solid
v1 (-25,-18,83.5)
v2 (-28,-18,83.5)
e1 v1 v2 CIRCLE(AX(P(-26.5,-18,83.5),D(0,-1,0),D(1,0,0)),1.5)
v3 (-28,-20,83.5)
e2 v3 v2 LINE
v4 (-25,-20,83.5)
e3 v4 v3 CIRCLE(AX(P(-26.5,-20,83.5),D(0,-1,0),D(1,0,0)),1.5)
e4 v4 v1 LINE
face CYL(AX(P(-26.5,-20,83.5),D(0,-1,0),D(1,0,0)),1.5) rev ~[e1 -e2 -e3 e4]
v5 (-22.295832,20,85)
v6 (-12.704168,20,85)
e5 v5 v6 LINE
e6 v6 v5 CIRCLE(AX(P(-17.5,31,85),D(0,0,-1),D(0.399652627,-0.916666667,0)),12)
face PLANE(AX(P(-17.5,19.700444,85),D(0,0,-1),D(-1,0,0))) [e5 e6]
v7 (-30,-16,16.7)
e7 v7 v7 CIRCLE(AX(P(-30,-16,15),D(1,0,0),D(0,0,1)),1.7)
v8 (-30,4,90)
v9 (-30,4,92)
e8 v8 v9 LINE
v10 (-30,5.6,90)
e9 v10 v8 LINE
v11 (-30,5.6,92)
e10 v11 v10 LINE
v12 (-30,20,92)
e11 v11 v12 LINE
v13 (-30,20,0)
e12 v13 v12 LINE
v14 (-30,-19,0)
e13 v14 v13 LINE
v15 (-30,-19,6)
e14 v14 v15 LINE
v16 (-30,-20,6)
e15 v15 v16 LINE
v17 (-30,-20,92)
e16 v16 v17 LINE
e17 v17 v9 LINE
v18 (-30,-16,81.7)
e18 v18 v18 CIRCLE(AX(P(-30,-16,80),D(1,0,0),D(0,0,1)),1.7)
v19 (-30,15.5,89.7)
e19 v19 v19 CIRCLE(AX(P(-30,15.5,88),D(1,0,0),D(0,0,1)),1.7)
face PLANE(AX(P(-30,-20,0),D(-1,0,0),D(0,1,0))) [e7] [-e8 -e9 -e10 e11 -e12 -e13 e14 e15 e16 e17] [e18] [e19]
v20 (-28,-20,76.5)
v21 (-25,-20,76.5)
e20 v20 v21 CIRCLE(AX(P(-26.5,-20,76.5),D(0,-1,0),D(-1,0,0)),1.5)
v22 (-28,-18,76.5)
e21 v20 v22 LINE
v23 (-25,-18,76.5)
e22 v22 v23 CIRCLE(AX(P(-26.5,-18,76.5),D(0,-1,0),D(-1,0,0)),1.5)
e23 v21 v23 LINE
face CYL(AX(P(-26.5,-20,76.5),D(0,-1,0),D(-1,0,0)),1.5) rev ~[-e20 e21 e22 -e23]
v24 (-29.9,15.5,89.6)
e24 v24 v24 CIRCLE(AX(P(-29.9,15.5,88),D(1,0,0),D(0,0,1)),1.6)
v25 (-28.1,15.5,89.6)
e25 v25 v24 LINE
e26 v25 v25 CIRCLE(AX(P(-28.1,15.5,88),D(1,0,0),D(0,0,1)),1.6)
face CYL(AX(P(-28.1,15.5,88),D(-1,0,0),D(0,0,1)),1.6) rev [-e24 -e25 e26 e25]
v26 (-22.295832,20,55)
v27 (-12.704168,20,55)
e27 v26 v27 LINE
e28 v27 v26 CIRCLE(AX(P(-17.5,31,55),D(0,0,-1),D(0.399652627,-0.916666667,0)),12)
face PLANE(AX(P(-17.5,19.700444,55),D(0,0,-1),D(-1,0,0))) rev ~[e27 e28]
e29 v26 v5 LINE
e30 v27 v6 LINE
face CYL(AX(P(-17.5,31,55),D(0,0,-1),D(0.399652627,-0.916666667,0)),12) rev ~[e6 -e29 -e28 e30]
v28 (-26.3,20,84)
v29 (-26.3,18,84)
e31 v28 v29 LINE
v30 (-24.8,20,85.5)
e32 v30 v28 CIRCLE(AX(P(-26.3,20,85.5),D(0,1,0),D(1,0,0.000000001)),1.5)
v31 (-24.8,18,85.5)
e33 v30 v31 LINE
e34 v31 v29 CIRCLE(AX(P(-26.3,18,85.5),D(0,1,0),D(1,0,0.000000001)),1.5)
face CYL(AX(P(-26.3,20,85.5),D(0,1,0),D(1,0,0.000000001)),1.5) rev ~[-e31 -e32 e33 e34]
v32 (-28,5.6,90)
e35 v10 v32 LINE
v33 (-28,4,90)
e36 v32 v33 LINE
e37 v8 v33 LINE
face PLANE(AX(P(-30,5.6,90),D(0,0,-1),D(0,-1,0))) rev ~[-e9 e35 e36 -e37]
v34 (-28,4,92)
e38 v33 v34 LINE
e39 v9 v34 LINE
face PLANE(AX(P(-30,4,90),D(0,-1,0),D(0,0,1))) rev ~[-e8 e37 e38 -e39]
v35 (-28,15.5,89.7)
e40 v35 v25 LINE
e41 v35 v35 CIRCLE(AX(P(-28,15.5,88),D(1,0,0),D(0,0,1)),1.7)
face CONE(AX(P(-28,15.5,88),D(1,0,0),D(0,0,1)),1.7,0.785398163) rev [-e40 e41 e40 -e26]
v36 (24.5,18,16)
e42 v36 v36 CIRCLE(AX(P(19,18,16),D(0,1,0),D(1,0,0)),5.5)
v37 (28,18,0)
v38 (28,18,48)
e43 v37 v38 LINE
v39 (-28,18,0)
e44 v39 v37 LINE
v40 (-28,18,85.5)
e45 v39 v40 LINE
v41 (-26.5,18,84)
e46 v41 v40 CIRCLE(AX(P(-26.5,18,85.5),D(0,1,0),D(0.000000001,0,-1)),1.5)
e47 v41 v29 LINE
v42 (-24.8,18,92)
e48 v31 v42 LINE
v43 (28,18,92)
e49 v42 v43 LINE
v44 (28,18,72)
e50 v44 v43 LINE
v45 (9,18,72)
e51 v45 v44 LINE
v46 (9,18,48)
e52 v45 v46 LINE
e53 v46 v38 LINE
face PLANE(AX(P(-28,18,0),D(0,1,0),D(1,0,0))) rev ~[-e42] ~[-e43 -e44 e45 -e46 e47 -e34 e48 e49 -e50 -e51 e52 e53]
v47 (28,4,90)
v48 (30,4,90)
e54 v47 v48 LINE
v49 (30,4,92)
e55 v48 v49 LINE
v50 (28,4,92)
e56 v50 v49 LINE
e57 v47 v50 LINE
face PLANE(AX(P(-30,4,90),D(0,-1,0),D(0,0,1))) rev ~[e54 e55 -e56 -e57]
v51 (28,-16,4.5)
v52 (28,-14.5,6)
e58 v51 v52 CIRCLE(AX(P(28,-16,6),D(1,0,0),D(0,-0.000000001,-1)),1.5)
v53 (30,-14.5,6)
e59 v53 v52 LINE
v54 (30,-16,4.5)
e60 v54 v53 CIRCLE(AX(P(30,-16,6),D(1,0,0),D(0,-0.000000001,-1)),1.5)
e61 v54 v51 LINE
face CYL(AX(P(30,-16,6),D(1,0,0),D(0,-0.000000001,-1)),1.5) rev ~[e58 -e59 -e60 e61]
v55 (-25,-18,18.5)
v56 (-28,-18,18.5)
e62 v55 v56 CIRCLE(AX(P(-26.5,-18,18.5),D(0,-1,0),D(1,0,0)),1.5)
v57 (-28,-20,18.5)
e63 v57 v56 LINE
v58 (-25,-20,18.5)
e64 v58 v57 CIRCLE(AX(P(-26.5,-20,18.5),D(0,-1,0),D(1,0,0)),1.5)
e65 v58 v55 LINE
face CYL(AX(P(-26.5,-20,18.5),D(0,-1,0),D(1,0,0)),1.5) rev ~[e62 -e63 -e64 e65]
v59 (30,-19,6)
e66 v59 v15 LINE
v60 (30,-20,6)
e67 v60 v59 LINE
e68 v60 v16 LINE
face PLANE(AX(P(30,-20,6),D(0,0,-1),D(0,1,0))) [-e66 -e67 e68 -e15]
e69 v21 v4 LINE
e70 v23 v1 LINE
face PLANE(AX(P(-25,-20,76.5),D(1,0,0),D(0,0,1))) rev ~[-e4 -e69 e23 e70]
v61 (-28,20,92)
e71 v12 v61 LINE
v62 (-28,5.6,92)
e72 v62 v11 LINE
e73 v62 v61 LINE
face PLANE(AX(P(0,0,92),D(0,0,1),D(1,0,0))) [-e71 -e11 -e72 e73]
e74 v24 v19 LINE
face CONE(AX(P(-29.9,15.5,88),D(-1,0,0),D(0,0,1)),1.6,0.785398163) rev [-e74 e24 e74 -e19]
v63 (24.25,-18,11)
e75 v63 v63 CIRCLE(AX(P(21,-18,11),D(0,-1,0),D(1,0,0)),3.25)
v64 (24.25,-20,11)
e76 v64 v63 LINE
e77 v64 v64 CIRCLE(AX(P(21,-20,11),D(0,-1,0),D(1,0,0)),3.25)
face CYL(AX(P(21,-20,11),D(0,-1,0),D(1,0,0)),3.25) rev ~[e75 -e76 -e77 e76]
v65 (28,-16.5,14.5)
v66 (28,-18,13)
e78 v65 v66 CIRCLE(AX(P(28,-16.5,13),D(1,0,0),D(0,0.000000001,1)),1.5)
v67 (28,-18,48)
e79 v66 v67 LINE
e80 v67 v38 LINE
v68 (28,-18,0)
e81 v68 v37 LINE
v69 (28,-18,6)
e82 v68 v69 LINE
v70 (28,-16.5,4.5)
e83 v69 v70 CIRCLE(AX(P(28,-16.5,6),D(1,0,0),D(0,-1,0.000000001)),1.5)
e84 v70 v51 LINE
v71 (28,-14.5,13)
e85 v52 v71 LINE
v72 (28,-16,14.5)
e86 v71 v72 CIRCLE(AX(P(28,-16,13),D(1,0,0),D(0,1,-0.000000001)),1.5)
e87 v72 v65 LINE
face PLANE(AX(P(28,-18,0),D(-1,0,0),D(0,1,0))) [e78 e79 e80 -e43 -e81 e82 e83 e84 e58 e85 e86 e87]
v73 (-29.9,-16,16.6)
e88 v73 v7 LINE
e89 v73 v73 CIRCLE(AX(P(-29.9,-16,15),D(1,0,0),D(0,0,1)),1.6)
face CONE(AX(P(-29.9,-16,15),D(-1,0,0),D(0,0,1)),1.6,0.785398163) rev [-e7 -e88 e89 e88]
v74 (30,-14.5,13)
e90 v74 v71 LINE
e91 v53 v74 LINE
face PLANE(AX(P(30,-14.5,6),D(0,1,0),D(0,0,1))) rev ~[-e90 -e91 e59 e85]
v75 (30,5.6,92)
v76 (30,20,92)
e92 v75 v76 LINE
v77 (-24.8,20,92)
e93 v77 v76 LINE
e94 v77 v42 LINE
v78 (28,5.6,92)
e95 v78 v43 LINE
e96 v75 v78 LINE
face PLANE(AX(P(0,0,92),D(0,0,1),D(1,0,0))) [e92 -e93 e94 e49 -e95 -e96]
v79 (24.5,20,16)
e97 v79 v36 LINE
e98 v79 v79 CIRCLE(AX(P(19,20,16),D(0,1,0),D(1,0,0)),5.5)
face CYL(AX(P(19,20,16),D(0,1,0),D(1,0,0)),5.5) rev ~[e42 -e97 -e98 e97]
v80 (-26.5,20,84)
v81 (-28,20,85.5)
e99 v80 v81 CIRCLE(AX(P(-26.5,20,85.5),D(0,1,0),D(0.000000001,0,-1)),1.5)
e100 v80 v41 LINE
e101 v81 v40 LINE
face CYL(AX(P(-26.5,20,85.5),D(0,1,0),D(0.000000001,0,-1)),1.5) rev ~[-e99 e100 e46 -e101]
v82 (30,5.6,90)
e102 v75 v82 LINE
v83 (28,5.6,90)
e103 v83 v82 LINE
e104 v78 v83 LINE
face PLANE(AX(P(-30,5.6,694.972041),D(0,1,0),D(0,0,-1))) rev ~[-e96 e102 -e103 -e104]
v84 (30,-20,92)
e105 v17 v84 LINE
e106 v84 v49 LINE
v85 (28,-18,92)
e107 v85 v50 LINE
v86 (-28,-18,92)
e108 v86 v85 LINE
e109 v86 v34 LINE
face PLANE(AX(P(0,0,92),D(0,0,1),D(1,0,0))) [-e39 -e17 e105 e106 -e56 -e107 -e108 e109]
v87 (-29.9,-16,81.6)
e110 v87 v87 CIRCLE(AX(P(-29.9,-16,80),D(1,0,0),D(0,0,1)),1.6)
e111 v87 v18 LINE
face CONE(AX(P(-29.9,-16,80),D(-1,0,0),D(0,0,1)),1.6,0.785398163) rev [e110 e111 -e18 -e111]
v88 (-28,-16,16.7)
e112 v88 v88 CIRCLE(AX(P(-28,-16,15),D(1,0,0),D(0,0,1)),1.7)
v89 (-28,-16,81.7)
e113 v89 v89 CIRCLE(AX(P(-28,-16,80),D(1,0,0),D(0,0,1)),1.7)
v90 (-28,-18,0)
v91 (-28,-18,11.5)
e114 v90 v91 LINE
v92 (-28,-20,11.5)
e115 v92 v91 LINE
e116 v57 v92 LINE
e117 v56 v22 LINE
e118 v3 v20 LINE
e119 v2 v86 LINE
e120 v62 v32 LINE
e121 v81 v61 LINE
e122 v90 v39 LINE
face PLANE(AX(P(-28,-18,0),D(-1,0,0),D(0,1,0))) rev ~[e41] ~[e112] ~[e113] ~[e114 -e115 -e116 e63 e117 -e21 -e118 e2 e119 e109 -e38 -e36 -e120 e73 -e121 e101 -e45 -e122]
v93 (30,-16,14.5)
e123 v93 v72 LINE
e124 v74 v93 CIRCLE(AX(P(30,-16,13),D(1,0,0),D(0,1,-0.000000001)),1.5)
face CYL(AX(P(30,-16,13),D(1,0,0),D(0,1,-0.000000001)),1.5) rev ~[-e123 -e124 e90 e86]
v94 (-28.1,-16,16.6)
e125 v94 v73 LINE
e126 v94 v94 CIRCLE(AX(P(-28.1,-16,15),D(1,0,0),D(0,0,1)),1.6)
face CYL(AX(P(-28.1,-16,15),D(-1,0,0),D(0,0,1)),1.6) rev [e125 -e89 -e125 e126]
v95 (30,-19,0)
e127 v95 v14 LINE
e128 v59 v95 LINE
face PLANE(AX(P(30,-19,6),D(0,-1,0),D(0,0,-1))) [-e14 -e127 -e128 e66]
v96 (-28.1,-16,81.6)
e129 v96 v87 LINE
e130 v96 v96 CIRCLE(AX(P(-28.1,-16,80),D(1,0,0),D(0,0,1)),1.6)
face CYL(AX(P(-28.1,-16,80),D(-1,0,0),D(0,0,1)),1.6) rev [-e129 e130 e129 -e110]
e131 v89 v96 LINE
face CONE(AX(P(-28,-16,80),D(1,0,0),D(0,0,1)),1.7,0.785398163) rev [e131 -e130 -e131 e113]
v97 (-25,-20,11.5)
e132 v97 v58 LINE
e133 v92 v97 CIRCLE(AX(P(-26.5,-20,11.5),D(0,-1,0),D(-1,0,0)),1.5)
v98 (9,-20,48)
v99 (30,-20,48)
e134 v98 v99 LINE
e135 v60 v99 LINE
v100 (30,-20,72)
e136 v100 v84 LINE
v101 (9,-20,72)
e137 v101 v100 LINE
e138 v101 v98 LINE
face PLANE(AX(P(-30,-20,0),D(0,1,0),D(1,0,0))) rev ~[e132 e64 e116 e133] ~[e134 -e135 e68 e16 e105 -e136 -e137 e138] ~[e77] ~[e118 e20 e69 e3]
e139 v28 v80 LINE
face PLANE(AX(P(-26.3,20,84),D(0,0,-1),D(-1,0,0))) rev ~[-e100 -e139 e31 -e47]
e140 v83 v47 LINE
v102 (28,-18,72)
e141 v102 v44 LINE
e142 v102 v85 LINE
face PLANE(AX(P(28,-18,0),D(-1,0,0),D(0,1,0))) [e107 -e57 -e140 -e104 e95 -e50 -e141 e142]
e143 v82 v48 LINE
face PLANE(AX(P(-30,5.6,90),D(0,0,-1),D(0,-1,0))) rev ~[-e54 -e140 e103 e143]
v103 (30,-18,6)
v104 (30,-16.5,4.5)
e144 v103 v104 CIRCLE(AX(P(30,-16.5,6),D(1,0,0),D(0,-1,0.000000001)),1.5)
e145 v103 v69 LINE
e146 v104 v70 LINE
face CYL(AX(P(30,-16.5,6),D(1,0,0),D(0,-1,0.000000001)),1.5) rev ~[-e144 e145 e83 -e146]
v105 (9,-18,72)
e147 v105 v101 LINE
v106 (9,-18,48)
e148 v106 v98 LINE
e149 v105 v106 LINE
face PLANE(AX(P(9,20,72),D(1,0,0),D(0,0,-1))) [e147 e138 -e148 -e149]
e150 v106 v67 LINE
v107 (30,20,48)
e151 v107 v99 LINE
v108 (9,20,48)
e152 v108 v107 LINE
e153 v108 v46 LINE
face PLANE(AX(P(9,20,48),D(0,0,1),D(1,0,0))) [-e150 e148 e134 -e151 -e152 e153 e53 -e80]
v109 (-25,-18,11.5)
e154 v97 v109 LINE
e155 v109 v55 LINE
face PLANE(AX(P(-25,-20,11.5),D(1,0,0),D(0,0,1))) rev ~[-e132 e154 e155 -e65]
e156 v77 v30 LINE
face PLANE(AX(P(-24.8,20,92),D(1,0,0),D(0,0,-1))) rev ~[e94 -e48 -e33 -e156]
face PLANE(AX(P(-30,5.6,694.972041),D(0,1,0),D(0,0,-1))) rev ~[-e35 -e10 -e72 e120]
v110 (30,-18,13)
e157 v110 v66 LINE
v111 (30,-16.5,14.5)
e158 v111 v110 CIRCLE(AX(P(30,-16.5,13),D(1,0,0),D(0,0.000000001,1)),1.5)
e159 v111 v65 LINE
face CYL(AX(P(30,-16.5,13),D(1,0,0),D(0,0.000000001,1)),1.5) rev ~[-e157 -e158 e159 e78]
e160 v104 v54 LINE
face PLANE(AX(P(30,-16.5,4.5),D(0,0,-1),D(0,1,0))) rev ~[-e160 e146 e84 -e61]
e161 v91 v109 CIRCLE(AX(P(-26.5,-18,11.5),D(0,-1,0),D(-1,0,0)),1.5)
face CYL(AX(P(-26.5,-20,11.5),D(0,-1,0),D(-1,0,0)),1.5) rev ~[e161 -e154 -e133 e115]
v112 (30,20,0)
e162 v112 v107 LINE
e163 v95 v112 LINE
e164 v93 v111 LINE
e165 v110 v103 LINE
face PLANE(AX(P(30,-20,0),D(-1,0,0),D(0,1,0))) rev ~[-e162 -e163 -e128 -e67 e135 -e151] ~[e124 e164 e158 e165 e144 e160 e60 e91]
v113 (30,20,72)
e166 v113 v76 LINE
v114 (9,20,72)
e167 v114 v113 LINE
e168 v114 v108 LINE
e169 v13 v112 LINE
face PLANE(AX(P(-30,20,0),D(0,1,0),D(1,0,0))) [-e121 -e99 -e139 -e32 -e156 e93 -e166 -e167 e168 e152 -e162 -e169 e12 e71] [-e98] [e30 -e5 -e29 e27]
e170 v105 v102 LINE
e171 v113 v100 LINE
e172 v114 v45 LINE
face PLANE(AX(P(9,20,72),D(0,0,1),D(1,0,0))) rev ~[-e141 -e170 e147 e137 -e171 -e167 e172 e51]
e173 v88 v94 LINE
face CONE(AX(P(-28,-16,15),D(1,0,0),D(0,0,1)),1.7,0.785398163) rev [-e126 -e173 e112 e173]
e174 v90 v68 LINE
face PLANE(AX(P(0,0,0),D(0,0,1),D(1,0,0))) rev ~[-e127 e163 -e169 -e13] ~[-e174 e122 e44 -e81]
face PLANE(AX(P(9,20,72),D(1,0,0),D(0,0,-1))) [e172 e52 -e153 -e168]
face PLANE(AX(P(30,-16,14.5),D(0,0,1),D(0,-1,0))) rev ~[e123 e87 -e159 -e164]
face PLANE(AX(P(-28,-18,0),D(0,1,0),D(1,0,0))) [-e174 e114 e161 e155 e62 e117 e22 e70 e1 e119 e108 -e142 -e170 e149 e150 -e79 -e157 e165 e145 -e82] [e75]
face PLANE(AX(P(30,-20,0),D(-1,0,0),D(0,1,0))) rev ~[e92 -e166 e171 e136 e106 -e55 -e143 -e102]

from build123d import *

# Parameters (mm, degrees)
SKETCH_1_W                 = 60
SKETCH_1_H                 = 40
SKETCH_1_W_2               = 56
SKETCH_1_H_2               = 36
EXTRUDE_1_DEPTH            = 92
SKETCH_3_W                 = 21
SKETCH_3_H                 = 24
CUT_EXTRUDE_2_DEPTH        = 41
SKETCH_9_R                 = 3.25
CUT_EXTRUDE_4_DEPTH        = 4
CUT_EXTRUDE_5_REACH        = 62
CUT_EXTRUDE_START          = -55
CUT_EXTRUDE_8_DEPTH        = 30
CUT_EXTRUDE_9_REACH        = 42
SKETCH_17_R                = 5.5
SKETCH_18_W                = 6
SKETCH_18_H                = 1
CUT_EXTRUDE_10_DEPTH       = 61
CUT_EXTRUDE_11_REACH       = 42
HOLE_WIZARD_M31_AT_2_COUNT = 2
HOLE_WIZARD_M31_AT_2_PITCH = 79.506289059
HOLE_WIZARD_M31_AT_3_COUNT = 2
HOLE_WIZARD_M31_AT_3_PITCH = 32.5
CUT_EXTRUDE_12_DEPTH       = 61
CUT_EXTRUDE_13_REACH       = 42


with BuildPart() as part:
    # Эскиз1 → Бобышка-Вытянуть1 (new body)
    with BuildSketch(Plane.XY):
        Rectangle(SKETCH_1_W, SKETCH_1_H)
        Rectangle(SKETCH_1_W_2, SKETCH_1_H_2, mode=Mode.SUBTRACT)
    extrude(amount=EXTRUDE_1_DEPTH)

    # Эскиз3 → Вырез-Вытянуть2 (cut, through all)
    with BuildSketch(Plane(origin=(0, 20, 0), x_dir=(1, 0, 0), z_dir=(0, 1, 0))):
        with Locations((19.5, -60)):
            Rectangle(SKETCH_3_W, SKETCH_3_H)
    extrude(amount=-CUT_EXTRUDE_2_DEPTH, mode=Mode.SUBTRACT)

    # Эскиз9 → Вырез-Вытянуть4 (cut)
    with BuildSketch(Plane.XZ.offset(20)):
        with Locations((21, 11)):
            Circle(SKETCH_9_R)
    extrude(amount=-CUT_EXTRUDE_4_DEPTH, mode=Mode.SUBTRACT)

    # Эскиз10 → Вырез-Вытянуть5 (cut, up to next)
    with BuildSketch(Plane(origin=(30, 0, 0), x_dir=(0, 0, -1), z_dir=(1, 0, 0)), mode=Mode.PRIVATE) as cut_extrude_5_sk1:
        with BuildLine():
            Line((-6, -14.5), (-13, -14.5))
            ThreePointArc((-13, -14.5), (-14.060660172, -14.939339828), (-14.5, -16))
            Line((-14.5, -16), (-14.5, -16.5))
            ThreePointArc((-14.5, -16.5), (-14.060660172, -17.560660172), (-13, -18))
            Line((-13, -18), (-6, -18))
            ThreePointArc((-6, -18), (-4.939339828, -17.560660172), (-4.5, -16.5))
            Line((-4.5, -16.5), (-4.5, -16))
            ThreePointArc((-4.5, -16), (-4.939339828, -14.939339828), (-6, -14.5))
        make_face()
    cut_extrude_5_tool1 = extrude(cut_extrude_5_sk1.sketch, amount=-CUT_EXTRUDE_5_REACH, mode=Mode.PRIVATE) & part.part
    add(cut_extrude_5_tool1.solids().sort_by_distance((30, -16.25, 9.5))[0], mode=Mode.SUBTRACT)

    # Эскиз16 → Вырез-Вытянуть8 (cut)
    with BuildSketch(Plane(origin=(0, 0, 0), x_dir=(-1, 0, 0), z_dir=(0, 0, -1)).offset(CUT_EXTRUDE_START)):
        with BuildLine():
            Line((22.295831523, 20), (12.704168477, 20))
            ThreePointArc((12.704168477, 20), (17.5, 19), (22.295831523, 20))
        make_face()
    extrude(amount=-CUT_EXTRUDE_8_DEPTH, mode=Mode.SUBTRACT)

    # Эскиз17 → Вырез-Вытянуть9 (cut, up to next)
    with BuildSketch(Plane(origin=(0, 20, 0), x_dir=(1, 0, 0), z_dir=(0, 1, 0)), mode=Mode.PRIVATE) as cut_extrude_9_sk1:
        with Locations((19, -16)):
            Circle(SKETCH_17_R)
    cut_extrude_9_tool1 = extrude(cut_extrude_9_sk1.sketch, amount=-CUT_EXTRUDE_9_REACH, mode=Mode.PRIVATE) & part.part
    add(cut_extrude_9_tool1.solids().sort_by_distance((19, 20, 16))[0], mode=Mode.SUBTRACT)

    # Эскиз18 → Вырез-Вытянуть10 (cut, through all)
    with BuildSketch(Plane(origin=(30, 0, 0), x_dir=(0, 0, -1), z_dir=(1, 0, 0))):
        with Locations((-3, -19.5)):
            Rectangle(SKETCH_18_W, SKETCH_18_H)
    extrude(amount=-CUT_EXTRUDE_10_DEPTH, mode=Mode.SUBTRACT)

    # Эскиз19 → Вырез-Вытянуть11 (cut, up to next)
    with BuildSketch(Plane(origin=(0, 20, 0), x_dir=(1, 0, 0), z_dir=(0, 1, 0)), mode=Mode.PRIVATE) as cut_extrude_11_sk1:
        with BuildLine():
            Line((-28, -85.5), (-28, -92))
            Line((-28, -92), (-24.8, -92))
            Line((-24.8, -92), (-24.8, -85.5))
            ThreePointArc((-24.8, -85.5), (-25.239339828, -84.439339828), (-26.3, -84))
            Line((-26.3, -84), (-26.5, -84))
            ThreePointArc((-26.5, -84), (-27.560660172, -84.439339828), (-28, -85.5))
        make_face()
    cut_extrude_11_tool1 = extrude(cut_extrude_11_sk1.sketch, amount=-CUT_EXTRUDE_11_REACH, mode=Mode.PRIVATE) & part.part
    add(cut_extrude_11_tool1.solids().sort_by_distance((-26.4, 20, 88.143673))[0], mode=Mode.SUBTRACT)

    # Эскиз20 → Hole Wizard M31 (revolve, cut)
    with BuildSketch(Plane(origin=(-30, 15.5, 88), x_dir=(0, 0, 1), z_dir=(0, 1, 0))):
        Polygon((0, 0), (0, 2), (1.7, 2), (1.6, 1.9), (1.6, 0.1), (1.7, 0), align=None)
    hole_wizard_m31 = revolve(axis=Axis((-36.35, 15.5, 88), (1, 0, 0)), mode=Mode.SUBTRACT)

    # Hole Wizard M31 at 2: Hole Wizard M31 ×2
    with Locations(*[Vector(0, -0.396195073, -0.91816636) * (i * HOLE_WIZARD_M31_AT_2_PITCH) for i in range(1, HOLE_WIZARD_M31_AT_2_COUNT)]):
        add(hole_wizard_m31, mode=Mode.SUBTRACT)

    # Hole Wizard M31 at 3: Hole Wizard M31 ×2
    with Locations(*[Vector(0, -0.969230769, -0.246153846) * (i * HOLE_WIZARD_M31_AT_3_PITCH) for i in range(1, HOLE_WIZARD_M31_AT_3_COUNT)]):
        add(hole_wizard_m31, mode=Mode.SUBTRACT)

    # Эскиз22 → Вырез-Вытянуть12 (cut, through all)
    with BuildSketch(Plane.ZY.offset(30)):
        Polygon((292.990680401, 5.6), (92, 5.6), (90, 5.6), (90, 4), (92, 4), (292.990680401, 4), (694.972041203, 4), (694.972041203, 5.6), align=None)
    extrude(amount=-CUT_EXTRUDE_12_DEPTH, mode=Mode.SUBTRACT)

    # Эскиз23 → Вырез-Вытянуть13 (cut, up to next)
    with BuildSketch(Plane.XZ.offset(20), mode=Mode.PRIVATE) as cut_extrude_13_sk1:
        with BuildLine():
            Line((-25, 11.5), (-25, 18.5))
            ThreePointArc((-25, 18.5), (-26.5, 20), (-28, 18.5))
            Line((-28, 18.5), (-28, 11.5))
            ThreePointArc((-28, 11.5), (-26.5, 10), (-25, 11.5))
        make_face()
    cut_extrude_13_tool1 = extrude(cut_extrude_13_sk1.sketch, amount=-CUT_EXTRUDE_13_REACH, mode=Mode.PRIVATE) & part.part
    add(cut_extrude_13_tool1.solids().sort_by_distance((-26.5, -20, 15))[0], mode=Mode.SUBTRACT)
    # Эскиз23 → Вырез-Вытянуть13 (cut, up to next)
    with BuildSketch(Plane.XZ.offset(20), mode=Mode.PRIVATE) as cut_extrude_13_sk2:
        with BuildLine():
            Line((-28, 83.5), (-28, 76.5))
            ThreePointArc((-28, 76.5), (-26.5, 75), (-25, 76.5))
            Line((-25, 76.5), (-25, 83.5))
            ThreePointArc((-25, 83.5), (-26.5, 85), (-28, 83.5))
        make_face()
    cut_extrude_13_tool2 = extrude(cut_extrude_13_sk2.sketch, amount=-CUT_EXTRUDE_13_REACH, mode=Mode.PRIVATE) & part.part
    add(cut_extrude_13_tool2.solids().sort_by_distance((-26.5, -20, 80))[0], mode=Mode.SUBTRACT)


solid = part.part
